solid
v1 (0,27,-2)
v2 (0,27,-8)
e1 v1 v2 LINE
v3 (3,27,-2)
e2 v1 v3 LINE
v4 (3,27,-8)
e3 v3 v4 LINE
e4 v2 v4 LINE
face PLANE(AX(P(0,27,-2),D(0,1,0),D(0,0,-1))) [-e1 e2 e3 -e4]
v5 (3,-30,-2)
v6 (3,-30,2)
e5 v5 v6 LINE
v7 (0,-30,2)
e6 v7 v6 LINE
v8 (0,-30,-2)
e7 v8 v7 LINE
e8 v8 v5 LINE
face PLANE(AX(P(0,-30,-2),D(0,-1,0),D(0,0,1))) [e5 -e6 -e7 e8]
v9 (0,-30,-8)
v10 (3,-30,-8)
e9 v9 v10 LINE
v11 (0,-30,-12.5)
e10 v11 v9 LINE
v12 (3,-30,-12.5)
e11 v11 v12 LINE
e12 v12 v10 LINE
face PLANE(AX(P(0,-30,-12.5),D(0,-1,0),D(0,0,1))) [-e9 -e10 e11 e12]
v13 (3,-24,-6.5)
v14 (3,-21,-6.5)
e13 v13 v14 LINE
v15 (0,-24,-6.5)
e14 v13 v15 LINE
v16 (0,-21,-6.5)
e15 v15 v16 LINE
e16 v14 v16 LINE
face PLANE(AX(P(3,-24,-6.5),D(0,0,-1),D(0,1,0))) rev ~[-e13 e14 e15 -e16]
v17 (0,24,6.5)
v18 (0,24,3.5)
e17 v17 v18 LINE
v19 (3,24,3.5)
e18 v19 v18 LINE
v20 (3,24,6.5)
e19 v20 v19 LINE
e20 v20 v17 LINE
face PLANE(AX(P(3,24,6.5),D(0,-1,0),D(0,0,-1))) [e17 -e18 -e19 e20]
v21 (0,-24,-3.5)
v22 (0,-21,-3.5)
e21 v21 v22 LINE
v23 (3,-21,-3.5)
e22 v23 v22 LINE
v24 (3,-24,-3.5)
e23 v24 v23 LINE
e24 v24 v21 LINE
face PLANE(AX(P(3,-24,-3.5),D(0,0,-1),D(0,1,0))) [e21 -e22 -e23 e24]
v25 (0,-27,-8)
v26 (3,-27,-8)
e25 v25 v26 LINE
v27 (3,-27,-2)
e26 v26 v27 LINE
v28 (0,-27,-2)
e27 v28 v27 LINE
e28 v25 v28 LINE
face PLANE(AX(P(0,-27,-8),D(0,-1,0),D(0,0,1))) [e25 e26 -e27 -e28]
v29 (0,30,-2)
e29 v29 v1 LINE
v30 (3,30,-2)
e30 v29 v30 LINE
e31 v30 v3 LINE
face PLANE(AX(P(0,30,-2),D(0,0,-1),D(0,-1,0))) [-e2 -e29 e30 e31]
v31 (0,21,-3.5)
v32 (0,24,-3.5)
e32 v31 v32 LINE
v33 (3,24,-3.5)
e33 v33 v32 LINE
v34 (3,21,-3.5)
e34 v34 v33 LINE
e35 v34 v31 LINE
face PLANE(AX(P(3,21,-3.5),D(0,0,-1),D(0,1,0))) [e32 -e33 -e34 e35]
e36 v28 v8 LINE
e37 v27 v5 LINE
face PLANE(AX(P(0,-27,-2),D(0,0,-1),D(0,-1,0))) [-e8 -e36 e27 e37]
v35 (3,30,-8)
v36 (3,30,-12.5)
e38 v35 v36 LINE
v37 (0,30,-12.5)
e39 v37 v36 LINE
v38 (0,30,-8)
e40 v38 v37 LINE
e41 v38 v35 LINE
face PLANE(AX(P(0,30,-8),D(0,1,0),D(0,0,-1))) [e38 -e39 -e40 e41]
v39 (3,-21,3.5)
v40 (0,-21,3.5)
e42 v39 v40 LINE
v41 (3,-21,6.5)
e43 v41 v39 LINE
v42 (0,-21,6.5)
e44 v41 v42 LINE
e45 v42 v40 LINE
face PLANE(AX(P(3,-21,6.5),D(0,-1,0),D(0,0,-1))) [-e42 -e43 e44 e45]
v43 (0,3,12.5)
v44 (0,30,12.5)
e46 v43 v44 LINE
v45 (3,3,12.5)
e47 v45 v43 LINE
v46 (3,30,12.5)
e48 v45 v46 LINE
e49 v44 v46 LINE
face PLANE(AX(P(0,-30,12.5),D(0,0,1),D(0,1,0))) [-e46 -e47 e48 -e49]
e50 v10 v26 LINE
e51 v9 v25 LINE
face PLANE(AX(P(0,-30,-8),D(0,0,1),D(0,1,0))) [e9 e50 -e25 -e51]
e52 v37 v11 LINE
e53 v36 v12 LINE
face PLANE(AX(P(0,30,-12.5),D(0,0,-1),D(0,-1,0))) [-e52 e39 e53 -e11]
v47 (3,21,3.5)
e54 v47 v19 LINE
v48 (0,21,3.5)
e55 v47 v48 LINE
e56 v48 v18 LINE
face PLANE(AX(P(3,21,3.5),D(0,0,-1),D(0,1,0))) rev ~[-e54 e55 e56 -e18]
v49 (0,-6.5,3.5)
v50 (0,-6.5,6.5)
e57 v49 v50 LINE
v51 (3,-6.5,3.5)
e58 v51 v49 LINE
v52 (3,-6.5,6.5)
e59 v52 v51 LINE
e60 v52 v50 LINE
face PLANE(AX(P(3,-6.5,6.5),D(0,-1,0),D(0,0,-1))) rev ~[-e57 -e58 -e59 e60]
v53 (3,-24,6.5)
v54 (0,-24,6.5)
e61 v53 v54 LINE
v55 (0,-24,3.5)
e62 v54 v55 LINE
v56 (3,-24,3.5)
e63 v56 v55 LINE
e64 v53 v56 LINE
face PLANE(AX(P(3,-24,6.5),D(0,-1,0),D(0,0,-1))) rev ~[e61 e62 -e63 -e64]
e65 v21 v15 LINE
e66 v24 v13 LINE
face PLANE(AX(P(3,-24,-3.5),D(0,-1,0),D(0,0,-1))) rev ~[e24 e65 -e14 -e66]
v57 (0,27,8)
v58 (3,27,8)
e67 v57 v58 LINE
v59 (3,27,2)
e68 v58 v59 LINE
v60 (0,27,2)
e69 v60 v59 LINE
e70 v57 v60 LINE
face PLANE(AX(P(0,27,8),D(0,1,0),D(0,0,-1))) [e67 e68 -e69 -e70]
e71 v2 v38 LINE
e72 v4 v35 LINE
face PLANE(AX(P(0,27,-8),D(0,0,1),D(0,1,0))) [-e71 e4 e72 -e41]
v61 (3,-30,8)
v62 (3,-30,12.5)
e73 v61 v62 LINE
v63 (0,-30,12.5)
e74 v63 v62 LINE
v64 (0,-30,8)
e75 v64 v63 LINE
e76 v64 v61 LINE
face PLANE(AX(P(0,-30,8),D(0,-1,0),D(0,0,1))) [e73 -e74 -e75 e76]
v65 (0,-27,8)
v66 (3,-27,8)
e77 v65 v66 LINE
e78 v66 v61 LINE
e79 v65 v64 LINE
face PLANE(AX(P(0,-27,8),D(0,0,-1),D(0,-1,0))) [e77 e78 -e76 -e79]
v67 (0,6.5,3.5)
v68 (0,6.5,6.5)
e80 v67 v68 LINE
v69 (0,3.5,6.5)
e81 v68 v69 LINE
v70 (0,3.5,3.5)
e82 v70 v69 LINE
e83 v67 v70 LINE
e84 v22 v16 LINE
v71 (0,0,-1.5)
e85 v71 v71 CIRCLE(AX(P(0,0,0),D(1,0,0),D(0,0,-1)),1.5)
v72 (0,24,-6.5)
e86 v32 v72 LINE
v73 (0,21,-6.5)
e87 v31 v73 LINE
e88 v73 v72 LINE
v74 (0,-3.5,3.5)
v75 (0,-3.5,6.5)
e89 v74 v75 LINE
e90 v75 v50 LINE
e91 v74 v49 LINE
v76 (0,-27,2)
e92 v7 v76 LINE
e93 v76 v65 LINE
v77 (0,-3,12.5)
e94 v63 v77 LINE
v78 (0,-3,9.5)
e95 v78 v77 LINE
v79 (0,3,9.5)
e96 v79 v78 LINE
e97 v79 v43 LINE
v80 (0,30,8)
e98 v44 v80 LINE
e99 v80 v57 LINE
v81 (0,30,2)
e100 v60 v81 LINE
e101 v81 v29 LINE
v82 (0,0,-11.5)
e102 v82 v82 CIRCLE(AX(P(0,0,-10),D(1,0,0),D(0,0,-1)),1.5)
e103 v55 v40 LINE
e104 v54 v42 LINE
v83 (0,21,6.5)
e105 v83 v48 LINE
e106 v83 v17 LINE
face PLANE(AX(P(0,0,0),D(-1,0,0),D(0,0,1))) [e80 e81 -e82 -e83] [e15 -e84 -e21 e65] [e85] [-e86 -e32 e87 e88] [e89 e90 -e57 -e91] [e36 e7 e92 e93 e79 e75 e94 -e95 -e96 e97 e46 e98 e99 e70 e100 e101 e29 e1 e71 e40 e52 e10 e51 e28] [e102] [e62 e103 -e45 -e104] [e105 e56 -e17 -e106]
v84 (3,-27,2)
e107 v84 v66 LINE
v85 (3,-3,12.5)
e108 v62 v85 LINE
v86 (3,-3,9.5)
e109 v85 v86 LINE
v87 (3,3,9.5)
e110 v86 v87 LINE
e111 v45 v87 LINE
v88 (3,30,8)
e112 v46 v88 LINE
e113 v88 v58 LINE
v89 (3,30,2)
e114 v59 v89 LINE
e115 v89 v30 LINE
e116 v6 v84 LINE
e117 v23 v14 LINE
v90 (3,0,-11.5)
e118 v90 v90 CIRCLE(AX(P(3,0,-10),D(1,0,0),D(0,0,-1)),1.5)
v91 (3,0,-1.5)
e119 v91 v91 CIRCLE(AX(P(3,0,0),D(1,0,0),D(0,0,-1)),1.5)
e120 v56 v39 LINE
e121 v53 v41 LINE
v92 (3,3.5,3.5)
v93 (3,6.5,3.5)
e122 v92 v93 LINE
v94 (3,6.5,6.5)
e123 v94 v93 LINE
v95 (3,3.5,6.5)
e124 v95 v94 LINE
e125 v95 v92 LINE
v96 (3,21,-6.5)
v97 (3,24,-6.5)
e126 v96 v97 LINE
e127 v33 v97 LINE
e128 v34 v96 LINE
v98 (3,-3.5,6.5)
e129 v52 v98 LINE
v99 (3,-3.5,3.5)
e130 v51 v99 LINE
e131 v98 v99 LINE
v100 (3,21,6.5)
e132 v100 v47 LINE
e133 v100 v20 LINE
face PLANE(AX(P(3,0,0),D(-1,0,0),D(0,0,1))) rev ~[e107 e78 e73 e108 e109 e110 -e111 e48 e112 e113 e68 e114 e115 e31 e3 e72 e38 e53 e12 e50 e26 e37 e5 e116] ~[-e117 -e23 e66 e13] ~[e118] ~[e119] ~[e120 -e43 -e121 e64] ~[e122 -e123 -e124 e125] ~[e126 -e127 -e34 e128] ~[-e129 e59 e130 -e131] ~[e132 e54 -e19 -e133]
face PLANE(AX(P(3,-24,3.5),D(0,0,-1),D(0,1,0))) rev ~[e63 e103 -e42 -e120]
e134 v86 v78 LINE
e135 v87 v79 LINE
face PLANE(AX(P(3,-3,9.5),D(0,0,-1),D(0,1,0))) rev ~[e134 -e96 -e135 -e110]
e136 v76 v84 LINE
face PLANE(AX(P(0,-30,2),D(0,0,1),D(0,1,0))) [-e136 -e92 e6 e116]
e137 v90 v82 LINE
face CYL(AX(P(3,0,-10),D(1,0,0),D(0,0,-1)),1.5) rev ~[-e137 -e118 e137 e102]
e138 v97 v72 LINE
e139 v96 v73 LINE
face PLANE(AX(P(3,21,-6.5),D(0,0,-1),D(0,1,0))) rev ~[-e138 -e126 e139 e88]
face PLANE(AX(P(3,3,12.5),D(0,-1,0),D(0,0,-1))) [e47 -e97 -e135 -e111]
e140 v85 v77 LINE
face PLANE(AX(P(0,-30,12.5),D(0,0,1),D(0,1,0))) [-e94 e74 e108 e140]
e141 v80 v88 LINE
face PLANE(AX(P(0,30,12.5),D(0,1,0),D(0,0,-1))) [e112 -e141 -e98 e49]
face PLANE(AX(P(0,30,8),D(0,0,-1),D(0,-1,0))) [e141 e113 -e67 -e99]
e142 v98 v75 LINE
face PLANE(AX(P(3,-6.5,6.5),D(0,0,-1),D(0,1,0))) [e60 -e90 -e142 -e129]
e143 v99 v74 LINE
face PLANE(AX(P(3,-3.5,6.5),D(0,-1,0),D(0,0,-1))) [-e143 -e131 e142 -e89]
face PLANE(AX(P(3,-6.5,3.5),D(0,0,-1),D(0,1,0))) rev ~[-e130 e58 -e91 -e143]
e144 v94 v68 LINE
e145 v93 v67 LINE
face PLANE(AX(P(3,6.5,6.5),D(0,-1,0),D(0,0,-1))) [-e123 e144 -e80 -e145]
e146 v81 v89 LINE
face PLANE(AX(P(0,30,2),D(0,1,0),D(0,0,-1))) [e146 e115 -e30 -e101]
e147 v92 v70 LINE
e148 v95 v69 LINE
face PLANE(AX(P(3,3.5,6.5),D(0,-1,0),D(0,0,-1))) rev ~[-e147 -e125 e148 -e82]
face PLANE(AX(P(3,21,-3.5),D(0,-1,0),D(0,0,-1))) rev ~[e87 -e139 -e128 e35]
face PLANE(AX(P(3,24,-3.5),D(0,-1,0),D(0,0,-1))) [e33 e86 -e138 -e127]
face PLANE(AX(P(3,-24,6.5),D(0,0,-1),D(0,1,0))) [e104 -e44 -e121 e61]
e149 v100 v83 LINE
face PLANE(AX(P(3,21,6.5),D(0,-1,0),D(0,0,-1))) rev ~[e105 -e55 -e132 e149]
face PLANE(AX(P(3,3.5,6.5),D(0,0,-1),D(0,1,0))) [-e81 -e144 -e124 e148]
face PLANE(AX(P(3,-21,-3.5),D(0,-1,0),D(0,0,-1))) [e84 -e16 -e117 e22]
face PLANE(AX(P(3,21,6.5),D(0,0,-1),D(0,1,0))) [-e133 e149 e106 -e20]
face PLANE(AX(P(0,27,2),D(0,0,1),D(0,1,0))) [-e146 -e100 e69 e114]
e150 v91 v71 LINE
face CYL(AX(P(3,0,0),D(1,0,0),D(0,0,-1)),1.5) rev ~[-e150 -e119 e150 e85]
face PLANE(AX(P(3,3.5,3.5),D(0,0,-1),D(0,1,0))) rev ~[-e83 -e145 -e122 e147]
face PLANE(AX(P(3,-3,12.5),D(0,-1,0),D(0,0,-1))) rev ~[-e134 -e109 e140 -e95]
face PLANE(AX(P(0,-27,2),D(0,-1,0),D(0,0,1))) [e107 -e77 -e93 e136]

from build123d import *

# Parameters (mm, degrees)
BOSS_EXTRUDE1_DEPTH = 3
SKETCH2_W           = 3
SKETCH2_H           = 3
CUT_EXTRUDE1_DEPTH  = 3
SKETCH3_R           = 1.5
CUT_EXTRUDE2_DEPTH  = 3
SKETCH4_W           = 3
SKETCH4_H           = 6
SKETCH4_H_2         = 3
CUT_EXTRUDE3_DEPTH  = 10


with BuildPart() as part:
    # Sketch1 → Boss-Extrude1 (new body)
    with BuildSketch(Plane(origin=(0, 0, 0), x_dir=(0, 0, -1), z_dir=(1, 0, 0))):
        Polygon((8, 30), (12.5, 30), (12.5, -30), (8, -30), (8, -27), (2, -27), (2, -30), (-2, -30), (-2, -27), (-8, -27), (-8, -30), (-12.5, -30), (-12.5, 30), (-8, 30), (-8, 27), (-2, 27), (-2, 30), (2, 30), (2, 27), (8, 27), align=None)
    extrude(amount=BOSS_EXTRUDE1_DEPTH)

    # Sketch2 → Cut-Extrude1 (cut)
    with BuildSketch(Plane(origin=(3, 0, 0), x_dir=(0, 0, -1), z_dir=(1, 0, 0))):
        with Locations((-5, 22.5)):
            Rectangle(SKETCH2_W, SKETCH2_H)
        with Locations((5, 22.5)):
            Rectangle(SKETCH2_W, SKETCH2_H)
        with Locations((5, -22.5)):
            Rectangle(SKETCH2_W, SKETCH2_H)
        with Locations((-5, -22.5)):
            Rectangle(SKETCH2_W, SKETCH2_H)
    extrude(amount=-CUT_EXTRUDE1_DEPTH, mode=Mode.SUBTRACT)

    # Sketch3 → Cut-Extrude2 (cut)
    with BuildSketch(Plane(origin=(3, 0, 0), x_dir=(0, 0, -1), z_dir=(1, 0, 0))):
        Circle(SKETCH3_R)
        with Locations((10, 0)):
            Circle(SKETCH3_R)
    extrude(amount=-CUT_EXTRUDE2_DEPTH, mode=Mode.SUBTRACT)

    # Sketch4 → Cut-Extrude3 (cut)
    with BuildSketch(Plane(origin=(3, 0, 0), x_dir=(0, 0, -1), z_dir=(1, 0, 0))):
        with Locations((-11, 0)):
            Rectangle(SKETCH4_W, SKETCH4_H)
        with Locations((-5, 5)):
            Rectangle(SKETCH4_W, SKETCH4_H_2)
        with Locations((-5, -5)):
            Rectangle(SKETCH4_W, SKETCH4_H_2)
    extrude(amount=-CUT_EXTRUDE3_DEPTH, mode=Mode.SUBTRACT)


solid = part.part
